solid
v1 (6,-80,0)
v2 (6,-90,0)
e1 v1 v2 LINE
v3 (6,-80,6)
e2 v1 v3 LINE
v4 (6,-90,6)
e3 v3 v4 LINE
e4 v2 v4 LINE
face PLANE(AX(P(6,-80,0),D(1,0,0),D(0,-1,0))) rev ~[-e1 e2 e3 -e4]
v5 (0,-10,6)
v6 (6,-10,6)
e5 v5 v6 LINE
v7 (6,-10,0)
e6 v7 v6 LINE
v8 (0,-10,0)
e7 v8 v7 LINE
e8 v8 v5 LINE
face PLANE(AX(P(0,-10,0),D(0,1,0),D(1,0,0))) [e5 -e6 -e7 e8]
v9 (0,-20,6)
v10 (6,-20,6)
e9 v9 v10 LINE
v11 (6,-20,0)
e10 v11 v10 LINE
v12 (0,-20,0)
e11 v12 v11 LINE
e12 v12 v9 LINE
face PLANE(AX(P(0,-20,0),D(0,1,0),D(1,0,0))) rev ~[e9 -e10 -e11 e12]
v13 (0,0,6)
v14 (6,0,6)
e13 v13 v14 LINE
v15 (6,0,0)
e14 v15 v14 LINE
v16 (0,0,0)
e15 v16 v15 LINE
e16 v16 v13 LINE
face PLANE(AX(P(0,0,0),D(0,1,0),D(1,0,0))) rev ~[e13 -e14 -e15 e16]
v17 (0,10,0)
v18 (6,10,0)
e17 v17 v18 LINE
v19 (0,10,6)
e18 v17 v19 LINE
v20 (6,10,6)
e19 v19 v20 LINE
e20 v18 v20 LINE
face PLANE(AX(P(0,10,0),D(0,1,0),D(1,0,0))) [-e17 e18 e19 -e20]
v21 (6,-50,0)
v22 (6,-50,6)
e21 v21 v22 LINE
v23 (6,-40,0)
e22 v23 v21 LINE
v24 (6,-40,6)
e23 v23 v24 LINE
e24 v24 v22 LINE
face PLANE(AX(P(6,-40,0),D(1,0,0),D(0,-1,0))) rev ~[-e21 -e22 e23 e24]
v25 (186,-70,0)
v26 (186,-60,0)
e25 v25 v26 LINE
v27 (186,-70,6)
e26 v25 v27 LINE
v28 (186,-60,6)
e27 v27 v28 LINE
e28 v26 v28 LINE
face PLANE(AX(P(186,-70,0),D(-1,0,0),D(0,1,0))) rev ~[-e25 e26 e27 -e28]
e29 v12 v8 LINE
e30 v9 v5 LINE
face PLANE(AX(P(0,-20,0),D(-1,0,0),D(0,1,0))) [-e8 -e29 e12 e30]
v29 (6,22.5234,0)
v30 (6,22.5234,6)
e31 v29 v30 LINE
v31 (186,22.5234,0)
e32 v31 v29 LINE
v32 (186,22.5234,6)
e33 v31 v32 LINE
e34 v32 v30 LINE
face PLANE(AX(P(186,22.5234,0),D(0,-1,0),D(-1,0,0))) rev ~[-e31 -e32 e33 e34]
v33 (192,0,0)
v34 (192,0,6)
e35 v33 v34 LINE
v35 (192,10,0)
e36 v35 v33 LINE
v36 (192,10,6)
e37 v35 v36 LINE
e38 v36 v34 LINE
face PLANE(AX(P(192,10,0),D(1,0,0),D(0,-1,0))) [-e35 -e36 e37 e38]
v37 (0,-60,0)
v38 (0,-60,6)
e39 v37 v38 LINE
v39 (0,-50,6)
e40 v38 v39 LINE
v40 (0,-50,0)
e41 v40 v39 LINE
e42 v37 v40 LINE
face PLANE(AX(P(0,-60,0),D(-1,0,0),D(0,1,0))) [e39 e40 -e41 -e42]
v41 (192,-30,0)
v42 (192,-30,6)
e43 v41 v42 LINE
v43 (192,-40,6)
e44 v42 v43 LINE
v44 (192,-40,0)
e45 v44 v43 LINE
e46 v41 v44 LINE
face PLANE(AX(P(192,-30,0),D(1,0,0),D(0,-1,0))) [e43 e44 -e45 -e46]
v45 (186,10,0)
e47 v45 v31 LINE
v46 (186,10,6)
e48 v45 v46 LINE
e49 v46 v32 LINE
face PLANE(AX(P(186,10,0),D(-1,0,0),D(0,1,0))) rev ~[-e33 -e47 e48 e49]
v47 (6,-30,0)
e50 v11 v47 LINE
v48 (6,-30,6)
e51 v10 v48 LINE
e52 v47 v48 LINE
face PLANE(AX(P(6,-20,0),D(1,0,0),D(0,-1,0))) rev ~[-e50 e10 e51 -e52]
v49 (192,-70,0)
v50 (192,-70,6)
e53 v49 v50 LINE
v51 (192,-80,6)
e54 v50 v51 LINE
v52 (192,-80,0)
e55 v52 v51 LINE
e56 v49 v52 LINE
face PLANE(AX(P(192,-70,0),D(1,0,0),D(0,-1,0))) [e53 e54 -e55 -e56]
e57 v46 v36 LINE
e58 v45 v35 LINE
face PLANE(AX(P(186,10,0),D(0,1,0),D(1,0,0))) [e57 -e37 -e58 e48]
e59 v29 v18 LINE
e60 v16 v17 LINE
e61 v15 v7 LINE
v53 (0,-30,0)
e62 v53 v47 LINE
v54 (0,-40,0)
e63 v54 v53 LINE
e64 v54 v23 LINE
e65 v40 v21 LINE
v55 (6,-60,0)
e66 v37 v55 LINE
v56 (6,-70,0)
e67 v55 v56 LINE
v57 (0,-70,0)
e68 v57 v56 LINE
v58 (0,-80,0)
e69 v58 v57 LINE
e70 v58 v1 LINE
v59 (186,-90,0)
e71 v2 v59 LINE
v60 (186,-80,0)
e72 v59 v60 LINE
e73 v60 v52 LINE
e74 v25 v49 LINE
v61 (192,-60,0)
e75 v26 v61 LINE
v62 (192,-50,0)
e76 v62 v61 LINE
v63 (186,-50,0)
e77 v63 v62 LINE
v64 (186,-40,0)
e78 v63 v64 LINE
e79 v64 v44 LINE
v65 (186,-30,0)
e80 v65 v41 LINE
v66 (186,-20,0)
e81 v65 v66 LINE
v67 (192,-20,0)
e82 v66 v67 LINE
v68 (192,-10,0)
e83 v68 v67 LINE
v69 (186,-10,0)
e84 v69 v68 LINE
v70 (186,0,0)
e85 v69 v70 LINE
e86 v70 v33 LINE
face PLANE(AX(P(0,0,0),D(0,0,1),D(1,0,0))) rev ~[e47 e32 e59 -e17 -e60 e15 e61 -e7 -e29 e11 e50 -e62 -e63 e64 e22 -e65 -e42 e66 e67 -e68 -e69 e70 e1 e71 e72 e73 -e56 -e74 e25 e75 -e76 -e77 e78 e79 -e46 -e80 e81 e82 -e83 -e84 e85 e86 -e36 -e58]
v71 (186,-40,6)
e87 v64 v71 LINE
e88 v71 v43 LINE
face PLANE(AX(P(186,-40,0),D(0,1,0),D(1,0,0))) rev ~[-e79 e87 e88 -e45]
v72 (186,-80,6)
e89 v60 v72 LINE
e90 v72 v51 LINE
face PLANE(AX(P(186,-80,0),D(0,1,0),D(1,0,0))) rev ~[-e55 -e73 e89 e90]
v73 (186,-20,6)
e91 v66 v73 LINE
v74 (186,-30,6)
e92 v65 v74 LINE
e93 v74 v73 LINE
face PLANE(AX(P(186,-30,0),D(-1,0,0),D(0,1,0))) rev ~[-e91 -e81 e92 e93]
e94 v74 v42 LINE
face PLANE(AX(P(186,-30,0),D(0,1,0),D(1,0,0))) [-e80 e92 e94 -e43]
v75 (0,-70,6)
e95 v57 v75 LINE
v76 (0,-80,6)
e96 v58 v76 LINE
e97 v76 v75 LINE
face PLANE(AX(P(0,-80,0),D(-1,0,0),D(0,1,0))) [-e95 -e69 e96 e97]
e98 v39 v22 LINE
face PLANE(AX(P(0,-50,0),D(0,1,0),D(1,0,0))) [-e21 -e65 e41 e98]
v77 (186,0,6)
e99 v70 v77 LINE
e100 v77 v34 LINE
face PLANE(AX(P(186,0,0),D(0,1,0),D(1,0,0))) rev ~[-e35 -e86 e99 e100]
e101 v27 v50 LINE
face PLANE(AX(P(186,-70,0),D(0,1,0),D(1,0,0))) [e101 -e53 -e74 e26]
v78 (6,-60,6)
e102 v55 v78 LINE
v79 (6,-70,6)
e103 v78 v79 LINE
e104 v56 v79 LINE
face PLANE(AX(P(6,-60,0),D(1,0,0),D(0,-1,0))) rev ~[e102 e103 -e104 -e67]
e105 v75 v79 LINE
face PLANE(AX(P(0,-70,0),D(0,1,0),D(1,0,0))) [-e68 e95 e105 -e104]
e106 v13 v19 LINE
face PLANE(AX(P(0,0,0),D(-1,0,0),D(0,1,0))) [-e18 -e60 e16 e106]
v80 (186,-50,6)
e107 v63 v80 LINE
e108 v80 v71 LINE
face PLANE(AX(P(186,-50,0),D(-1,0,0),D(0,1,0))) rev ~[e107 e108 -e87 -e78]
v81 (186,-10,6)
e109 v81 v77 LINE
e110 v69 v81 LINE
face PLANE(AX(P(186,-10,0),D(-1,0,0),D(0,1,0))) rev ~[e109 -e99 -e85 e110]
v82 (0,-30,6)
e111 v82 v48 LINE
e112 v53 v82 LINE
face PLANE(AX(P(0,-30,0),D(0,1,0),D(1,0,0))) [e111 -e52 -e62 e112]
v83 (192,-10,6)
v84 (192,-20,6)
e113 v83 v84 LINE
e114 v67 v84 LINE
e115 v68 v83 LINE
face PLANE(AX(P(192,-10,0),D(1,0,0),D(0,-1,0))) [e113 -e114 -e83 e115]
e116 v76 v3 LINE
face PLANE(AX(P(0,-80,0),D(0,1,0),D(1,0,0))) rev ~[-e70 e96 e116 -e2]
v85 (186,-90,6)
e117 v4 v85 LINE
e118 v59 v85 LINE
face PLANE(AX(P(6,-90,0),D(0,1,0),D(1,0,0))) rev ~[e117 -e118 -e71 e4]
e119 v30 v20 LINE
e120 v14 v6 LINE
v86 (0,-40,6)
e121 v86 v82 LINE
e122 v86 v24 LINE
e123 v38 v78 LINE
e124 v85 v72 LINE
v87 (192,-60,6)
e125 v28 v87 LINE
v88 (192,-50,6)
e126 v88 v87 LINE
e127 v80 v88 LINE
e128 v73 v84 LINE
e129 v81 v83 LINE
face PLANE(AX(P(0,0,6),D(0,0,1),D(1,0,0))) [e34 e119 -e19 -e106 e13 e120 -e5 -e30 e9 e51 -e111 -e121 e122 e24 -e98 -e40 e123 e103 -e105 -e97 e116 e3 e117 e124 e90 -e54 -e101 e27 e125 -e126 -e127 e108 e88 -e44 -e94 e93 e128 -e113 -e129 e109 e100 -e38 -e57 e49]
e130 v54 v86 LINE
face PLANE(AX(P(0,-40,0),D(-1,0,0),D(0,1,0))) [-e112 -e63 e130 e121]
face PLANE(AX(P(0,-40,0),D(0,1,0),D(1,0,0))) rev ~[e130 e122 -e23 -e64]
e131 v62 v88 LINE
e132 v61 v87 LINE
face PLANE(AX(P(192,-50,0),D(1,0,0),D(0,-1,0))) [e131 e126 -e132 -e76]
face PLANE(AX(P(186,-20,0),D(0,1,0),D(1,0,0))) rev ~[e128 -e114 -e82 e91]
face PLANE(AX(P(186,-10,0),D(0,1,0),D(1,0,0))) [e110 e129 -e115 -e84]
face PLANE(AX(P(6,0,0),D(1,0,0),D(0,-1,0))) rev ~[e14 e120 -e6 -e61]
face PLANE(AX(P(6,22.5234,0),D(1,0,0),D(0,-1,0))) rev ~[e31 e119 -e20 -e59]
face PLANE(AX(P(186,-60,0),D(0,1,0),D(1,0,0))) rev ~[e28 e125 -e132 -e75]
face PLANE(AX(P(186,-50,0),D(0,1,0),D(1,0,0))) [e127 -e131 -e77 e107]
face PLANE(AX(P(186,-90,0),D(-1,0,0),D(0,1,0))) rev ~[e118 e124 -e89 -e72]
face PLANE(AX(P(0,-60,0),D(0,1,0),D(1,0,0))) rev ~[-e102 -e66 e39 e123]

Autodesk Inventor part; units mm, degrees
ref_plane "YZ Plane" through (0, 0, 0) normal (1, 0, 0) x (0, 1, 0)
ref_plane "XZ Plane" through (0, 0, 0) normal (0, 1, 0) x (-1, 0, 0)
ref_plane "XY Plane" through (0, 0, 0) normal (0, 0, 1) x (1, 0, 0)
sketch "Эскиз1" plane through (0, 0, 0) normal (0, 0, 1) x (1, 0, 0)
  line L0 (0, 0) -> (0, 10) projected
  line L1 (0, 0) -> (6, 0) projected
  line L2 (6, 10) -> (6, 0) projected
  line L3 (0, 10) -> (6, 10) projected
  line L4 (0, -20) -> (0, -10) projected
  line L5 (0, -20) -> (6, -20) projected
  line L6 (6, -10) -> (6, -20) projected
  line L7 (0, -10) -> (6, -10) projected
  line L8 (0, -40) -> (0, -30) projected
  line L9 (0, -40) -> (6, -40) projected
  line L10 (6, -30) -> (6, -40) projected
  line L11 (0, -30) -> (6, -30) projected
  line L12 (0, -60) -> (0, -50) projected
  line L13 (0, -60) -> (6, -60) projected
  line L14 (6, -50) -> (6, -60) projected
  line L15 (0, -50) -> (6, -50) projected
  line L16 (0, -80) -> (0, -70) projected
  line L17 (0, -80) -> (6, -80) projected
  line L18 (6, -70) -> (6, -80) projected
  line L19 (0, -70) -> (6, -70) projected
  line L20 (6, 22.5234) -> (6, 9.9924) projected
  line L21 (6, -80) -> (6, -90) projected
  line L22 (186, 9.9924) -> (186, 22.5234) projected
  line L23 (186, 0) -> (186, 10) projected
  line L24 (186, 0) -> (192, 0) projected
  line L25 (192, 10) -> (192, 0) projected
  line L26 (186, 10) -> (192, 10) projected
  line L27 (186, -20) -> (186, -10) projected
  line L28 (186, -20) -> (192, -20) projected
  line L29 (192, -10) -> (192, -20) projected
  line L30 (186, -10) -> (192, -10) projected
  line L31 (186, -40) -> (186, -30) projected
  line L32 (186, -40) -> (192, -40) projected
  line L33 (192, -30) -> (192, -40) projected
  line L34 (186, -30) -> (192, -30) projected
  line L35 (186, -60) -> (186, -50) projected
  line L36 (186, -60) -> (192, -60) projected
  line L37 (192, -50) -> (192, -60) projected
  line L38 (186, -50) -> (192, -50) projected
  line L39 (186, -80) -> (186, -70) projected
  line L40 (186, -80) -> (192, -80) projected
  line L41 (192, -70) -> (192, -80) projected
  line L42 (186, -70) -> (192, -70) projected
  line L43 (186, -90) -> (186, -80) projected
  line L44 (186, 22.5234) -> (6, 22.5234)
  line L45 (6, 22.5234) -> (6, -90)
  line L46 (6, -90) -> (186, -90)
  line L47 (186, -90) -> (186, 22.5234)
extrude "Выдавливание1" add sketch "Эскиз1" along normal blind 6
properties part number "полуверх"
